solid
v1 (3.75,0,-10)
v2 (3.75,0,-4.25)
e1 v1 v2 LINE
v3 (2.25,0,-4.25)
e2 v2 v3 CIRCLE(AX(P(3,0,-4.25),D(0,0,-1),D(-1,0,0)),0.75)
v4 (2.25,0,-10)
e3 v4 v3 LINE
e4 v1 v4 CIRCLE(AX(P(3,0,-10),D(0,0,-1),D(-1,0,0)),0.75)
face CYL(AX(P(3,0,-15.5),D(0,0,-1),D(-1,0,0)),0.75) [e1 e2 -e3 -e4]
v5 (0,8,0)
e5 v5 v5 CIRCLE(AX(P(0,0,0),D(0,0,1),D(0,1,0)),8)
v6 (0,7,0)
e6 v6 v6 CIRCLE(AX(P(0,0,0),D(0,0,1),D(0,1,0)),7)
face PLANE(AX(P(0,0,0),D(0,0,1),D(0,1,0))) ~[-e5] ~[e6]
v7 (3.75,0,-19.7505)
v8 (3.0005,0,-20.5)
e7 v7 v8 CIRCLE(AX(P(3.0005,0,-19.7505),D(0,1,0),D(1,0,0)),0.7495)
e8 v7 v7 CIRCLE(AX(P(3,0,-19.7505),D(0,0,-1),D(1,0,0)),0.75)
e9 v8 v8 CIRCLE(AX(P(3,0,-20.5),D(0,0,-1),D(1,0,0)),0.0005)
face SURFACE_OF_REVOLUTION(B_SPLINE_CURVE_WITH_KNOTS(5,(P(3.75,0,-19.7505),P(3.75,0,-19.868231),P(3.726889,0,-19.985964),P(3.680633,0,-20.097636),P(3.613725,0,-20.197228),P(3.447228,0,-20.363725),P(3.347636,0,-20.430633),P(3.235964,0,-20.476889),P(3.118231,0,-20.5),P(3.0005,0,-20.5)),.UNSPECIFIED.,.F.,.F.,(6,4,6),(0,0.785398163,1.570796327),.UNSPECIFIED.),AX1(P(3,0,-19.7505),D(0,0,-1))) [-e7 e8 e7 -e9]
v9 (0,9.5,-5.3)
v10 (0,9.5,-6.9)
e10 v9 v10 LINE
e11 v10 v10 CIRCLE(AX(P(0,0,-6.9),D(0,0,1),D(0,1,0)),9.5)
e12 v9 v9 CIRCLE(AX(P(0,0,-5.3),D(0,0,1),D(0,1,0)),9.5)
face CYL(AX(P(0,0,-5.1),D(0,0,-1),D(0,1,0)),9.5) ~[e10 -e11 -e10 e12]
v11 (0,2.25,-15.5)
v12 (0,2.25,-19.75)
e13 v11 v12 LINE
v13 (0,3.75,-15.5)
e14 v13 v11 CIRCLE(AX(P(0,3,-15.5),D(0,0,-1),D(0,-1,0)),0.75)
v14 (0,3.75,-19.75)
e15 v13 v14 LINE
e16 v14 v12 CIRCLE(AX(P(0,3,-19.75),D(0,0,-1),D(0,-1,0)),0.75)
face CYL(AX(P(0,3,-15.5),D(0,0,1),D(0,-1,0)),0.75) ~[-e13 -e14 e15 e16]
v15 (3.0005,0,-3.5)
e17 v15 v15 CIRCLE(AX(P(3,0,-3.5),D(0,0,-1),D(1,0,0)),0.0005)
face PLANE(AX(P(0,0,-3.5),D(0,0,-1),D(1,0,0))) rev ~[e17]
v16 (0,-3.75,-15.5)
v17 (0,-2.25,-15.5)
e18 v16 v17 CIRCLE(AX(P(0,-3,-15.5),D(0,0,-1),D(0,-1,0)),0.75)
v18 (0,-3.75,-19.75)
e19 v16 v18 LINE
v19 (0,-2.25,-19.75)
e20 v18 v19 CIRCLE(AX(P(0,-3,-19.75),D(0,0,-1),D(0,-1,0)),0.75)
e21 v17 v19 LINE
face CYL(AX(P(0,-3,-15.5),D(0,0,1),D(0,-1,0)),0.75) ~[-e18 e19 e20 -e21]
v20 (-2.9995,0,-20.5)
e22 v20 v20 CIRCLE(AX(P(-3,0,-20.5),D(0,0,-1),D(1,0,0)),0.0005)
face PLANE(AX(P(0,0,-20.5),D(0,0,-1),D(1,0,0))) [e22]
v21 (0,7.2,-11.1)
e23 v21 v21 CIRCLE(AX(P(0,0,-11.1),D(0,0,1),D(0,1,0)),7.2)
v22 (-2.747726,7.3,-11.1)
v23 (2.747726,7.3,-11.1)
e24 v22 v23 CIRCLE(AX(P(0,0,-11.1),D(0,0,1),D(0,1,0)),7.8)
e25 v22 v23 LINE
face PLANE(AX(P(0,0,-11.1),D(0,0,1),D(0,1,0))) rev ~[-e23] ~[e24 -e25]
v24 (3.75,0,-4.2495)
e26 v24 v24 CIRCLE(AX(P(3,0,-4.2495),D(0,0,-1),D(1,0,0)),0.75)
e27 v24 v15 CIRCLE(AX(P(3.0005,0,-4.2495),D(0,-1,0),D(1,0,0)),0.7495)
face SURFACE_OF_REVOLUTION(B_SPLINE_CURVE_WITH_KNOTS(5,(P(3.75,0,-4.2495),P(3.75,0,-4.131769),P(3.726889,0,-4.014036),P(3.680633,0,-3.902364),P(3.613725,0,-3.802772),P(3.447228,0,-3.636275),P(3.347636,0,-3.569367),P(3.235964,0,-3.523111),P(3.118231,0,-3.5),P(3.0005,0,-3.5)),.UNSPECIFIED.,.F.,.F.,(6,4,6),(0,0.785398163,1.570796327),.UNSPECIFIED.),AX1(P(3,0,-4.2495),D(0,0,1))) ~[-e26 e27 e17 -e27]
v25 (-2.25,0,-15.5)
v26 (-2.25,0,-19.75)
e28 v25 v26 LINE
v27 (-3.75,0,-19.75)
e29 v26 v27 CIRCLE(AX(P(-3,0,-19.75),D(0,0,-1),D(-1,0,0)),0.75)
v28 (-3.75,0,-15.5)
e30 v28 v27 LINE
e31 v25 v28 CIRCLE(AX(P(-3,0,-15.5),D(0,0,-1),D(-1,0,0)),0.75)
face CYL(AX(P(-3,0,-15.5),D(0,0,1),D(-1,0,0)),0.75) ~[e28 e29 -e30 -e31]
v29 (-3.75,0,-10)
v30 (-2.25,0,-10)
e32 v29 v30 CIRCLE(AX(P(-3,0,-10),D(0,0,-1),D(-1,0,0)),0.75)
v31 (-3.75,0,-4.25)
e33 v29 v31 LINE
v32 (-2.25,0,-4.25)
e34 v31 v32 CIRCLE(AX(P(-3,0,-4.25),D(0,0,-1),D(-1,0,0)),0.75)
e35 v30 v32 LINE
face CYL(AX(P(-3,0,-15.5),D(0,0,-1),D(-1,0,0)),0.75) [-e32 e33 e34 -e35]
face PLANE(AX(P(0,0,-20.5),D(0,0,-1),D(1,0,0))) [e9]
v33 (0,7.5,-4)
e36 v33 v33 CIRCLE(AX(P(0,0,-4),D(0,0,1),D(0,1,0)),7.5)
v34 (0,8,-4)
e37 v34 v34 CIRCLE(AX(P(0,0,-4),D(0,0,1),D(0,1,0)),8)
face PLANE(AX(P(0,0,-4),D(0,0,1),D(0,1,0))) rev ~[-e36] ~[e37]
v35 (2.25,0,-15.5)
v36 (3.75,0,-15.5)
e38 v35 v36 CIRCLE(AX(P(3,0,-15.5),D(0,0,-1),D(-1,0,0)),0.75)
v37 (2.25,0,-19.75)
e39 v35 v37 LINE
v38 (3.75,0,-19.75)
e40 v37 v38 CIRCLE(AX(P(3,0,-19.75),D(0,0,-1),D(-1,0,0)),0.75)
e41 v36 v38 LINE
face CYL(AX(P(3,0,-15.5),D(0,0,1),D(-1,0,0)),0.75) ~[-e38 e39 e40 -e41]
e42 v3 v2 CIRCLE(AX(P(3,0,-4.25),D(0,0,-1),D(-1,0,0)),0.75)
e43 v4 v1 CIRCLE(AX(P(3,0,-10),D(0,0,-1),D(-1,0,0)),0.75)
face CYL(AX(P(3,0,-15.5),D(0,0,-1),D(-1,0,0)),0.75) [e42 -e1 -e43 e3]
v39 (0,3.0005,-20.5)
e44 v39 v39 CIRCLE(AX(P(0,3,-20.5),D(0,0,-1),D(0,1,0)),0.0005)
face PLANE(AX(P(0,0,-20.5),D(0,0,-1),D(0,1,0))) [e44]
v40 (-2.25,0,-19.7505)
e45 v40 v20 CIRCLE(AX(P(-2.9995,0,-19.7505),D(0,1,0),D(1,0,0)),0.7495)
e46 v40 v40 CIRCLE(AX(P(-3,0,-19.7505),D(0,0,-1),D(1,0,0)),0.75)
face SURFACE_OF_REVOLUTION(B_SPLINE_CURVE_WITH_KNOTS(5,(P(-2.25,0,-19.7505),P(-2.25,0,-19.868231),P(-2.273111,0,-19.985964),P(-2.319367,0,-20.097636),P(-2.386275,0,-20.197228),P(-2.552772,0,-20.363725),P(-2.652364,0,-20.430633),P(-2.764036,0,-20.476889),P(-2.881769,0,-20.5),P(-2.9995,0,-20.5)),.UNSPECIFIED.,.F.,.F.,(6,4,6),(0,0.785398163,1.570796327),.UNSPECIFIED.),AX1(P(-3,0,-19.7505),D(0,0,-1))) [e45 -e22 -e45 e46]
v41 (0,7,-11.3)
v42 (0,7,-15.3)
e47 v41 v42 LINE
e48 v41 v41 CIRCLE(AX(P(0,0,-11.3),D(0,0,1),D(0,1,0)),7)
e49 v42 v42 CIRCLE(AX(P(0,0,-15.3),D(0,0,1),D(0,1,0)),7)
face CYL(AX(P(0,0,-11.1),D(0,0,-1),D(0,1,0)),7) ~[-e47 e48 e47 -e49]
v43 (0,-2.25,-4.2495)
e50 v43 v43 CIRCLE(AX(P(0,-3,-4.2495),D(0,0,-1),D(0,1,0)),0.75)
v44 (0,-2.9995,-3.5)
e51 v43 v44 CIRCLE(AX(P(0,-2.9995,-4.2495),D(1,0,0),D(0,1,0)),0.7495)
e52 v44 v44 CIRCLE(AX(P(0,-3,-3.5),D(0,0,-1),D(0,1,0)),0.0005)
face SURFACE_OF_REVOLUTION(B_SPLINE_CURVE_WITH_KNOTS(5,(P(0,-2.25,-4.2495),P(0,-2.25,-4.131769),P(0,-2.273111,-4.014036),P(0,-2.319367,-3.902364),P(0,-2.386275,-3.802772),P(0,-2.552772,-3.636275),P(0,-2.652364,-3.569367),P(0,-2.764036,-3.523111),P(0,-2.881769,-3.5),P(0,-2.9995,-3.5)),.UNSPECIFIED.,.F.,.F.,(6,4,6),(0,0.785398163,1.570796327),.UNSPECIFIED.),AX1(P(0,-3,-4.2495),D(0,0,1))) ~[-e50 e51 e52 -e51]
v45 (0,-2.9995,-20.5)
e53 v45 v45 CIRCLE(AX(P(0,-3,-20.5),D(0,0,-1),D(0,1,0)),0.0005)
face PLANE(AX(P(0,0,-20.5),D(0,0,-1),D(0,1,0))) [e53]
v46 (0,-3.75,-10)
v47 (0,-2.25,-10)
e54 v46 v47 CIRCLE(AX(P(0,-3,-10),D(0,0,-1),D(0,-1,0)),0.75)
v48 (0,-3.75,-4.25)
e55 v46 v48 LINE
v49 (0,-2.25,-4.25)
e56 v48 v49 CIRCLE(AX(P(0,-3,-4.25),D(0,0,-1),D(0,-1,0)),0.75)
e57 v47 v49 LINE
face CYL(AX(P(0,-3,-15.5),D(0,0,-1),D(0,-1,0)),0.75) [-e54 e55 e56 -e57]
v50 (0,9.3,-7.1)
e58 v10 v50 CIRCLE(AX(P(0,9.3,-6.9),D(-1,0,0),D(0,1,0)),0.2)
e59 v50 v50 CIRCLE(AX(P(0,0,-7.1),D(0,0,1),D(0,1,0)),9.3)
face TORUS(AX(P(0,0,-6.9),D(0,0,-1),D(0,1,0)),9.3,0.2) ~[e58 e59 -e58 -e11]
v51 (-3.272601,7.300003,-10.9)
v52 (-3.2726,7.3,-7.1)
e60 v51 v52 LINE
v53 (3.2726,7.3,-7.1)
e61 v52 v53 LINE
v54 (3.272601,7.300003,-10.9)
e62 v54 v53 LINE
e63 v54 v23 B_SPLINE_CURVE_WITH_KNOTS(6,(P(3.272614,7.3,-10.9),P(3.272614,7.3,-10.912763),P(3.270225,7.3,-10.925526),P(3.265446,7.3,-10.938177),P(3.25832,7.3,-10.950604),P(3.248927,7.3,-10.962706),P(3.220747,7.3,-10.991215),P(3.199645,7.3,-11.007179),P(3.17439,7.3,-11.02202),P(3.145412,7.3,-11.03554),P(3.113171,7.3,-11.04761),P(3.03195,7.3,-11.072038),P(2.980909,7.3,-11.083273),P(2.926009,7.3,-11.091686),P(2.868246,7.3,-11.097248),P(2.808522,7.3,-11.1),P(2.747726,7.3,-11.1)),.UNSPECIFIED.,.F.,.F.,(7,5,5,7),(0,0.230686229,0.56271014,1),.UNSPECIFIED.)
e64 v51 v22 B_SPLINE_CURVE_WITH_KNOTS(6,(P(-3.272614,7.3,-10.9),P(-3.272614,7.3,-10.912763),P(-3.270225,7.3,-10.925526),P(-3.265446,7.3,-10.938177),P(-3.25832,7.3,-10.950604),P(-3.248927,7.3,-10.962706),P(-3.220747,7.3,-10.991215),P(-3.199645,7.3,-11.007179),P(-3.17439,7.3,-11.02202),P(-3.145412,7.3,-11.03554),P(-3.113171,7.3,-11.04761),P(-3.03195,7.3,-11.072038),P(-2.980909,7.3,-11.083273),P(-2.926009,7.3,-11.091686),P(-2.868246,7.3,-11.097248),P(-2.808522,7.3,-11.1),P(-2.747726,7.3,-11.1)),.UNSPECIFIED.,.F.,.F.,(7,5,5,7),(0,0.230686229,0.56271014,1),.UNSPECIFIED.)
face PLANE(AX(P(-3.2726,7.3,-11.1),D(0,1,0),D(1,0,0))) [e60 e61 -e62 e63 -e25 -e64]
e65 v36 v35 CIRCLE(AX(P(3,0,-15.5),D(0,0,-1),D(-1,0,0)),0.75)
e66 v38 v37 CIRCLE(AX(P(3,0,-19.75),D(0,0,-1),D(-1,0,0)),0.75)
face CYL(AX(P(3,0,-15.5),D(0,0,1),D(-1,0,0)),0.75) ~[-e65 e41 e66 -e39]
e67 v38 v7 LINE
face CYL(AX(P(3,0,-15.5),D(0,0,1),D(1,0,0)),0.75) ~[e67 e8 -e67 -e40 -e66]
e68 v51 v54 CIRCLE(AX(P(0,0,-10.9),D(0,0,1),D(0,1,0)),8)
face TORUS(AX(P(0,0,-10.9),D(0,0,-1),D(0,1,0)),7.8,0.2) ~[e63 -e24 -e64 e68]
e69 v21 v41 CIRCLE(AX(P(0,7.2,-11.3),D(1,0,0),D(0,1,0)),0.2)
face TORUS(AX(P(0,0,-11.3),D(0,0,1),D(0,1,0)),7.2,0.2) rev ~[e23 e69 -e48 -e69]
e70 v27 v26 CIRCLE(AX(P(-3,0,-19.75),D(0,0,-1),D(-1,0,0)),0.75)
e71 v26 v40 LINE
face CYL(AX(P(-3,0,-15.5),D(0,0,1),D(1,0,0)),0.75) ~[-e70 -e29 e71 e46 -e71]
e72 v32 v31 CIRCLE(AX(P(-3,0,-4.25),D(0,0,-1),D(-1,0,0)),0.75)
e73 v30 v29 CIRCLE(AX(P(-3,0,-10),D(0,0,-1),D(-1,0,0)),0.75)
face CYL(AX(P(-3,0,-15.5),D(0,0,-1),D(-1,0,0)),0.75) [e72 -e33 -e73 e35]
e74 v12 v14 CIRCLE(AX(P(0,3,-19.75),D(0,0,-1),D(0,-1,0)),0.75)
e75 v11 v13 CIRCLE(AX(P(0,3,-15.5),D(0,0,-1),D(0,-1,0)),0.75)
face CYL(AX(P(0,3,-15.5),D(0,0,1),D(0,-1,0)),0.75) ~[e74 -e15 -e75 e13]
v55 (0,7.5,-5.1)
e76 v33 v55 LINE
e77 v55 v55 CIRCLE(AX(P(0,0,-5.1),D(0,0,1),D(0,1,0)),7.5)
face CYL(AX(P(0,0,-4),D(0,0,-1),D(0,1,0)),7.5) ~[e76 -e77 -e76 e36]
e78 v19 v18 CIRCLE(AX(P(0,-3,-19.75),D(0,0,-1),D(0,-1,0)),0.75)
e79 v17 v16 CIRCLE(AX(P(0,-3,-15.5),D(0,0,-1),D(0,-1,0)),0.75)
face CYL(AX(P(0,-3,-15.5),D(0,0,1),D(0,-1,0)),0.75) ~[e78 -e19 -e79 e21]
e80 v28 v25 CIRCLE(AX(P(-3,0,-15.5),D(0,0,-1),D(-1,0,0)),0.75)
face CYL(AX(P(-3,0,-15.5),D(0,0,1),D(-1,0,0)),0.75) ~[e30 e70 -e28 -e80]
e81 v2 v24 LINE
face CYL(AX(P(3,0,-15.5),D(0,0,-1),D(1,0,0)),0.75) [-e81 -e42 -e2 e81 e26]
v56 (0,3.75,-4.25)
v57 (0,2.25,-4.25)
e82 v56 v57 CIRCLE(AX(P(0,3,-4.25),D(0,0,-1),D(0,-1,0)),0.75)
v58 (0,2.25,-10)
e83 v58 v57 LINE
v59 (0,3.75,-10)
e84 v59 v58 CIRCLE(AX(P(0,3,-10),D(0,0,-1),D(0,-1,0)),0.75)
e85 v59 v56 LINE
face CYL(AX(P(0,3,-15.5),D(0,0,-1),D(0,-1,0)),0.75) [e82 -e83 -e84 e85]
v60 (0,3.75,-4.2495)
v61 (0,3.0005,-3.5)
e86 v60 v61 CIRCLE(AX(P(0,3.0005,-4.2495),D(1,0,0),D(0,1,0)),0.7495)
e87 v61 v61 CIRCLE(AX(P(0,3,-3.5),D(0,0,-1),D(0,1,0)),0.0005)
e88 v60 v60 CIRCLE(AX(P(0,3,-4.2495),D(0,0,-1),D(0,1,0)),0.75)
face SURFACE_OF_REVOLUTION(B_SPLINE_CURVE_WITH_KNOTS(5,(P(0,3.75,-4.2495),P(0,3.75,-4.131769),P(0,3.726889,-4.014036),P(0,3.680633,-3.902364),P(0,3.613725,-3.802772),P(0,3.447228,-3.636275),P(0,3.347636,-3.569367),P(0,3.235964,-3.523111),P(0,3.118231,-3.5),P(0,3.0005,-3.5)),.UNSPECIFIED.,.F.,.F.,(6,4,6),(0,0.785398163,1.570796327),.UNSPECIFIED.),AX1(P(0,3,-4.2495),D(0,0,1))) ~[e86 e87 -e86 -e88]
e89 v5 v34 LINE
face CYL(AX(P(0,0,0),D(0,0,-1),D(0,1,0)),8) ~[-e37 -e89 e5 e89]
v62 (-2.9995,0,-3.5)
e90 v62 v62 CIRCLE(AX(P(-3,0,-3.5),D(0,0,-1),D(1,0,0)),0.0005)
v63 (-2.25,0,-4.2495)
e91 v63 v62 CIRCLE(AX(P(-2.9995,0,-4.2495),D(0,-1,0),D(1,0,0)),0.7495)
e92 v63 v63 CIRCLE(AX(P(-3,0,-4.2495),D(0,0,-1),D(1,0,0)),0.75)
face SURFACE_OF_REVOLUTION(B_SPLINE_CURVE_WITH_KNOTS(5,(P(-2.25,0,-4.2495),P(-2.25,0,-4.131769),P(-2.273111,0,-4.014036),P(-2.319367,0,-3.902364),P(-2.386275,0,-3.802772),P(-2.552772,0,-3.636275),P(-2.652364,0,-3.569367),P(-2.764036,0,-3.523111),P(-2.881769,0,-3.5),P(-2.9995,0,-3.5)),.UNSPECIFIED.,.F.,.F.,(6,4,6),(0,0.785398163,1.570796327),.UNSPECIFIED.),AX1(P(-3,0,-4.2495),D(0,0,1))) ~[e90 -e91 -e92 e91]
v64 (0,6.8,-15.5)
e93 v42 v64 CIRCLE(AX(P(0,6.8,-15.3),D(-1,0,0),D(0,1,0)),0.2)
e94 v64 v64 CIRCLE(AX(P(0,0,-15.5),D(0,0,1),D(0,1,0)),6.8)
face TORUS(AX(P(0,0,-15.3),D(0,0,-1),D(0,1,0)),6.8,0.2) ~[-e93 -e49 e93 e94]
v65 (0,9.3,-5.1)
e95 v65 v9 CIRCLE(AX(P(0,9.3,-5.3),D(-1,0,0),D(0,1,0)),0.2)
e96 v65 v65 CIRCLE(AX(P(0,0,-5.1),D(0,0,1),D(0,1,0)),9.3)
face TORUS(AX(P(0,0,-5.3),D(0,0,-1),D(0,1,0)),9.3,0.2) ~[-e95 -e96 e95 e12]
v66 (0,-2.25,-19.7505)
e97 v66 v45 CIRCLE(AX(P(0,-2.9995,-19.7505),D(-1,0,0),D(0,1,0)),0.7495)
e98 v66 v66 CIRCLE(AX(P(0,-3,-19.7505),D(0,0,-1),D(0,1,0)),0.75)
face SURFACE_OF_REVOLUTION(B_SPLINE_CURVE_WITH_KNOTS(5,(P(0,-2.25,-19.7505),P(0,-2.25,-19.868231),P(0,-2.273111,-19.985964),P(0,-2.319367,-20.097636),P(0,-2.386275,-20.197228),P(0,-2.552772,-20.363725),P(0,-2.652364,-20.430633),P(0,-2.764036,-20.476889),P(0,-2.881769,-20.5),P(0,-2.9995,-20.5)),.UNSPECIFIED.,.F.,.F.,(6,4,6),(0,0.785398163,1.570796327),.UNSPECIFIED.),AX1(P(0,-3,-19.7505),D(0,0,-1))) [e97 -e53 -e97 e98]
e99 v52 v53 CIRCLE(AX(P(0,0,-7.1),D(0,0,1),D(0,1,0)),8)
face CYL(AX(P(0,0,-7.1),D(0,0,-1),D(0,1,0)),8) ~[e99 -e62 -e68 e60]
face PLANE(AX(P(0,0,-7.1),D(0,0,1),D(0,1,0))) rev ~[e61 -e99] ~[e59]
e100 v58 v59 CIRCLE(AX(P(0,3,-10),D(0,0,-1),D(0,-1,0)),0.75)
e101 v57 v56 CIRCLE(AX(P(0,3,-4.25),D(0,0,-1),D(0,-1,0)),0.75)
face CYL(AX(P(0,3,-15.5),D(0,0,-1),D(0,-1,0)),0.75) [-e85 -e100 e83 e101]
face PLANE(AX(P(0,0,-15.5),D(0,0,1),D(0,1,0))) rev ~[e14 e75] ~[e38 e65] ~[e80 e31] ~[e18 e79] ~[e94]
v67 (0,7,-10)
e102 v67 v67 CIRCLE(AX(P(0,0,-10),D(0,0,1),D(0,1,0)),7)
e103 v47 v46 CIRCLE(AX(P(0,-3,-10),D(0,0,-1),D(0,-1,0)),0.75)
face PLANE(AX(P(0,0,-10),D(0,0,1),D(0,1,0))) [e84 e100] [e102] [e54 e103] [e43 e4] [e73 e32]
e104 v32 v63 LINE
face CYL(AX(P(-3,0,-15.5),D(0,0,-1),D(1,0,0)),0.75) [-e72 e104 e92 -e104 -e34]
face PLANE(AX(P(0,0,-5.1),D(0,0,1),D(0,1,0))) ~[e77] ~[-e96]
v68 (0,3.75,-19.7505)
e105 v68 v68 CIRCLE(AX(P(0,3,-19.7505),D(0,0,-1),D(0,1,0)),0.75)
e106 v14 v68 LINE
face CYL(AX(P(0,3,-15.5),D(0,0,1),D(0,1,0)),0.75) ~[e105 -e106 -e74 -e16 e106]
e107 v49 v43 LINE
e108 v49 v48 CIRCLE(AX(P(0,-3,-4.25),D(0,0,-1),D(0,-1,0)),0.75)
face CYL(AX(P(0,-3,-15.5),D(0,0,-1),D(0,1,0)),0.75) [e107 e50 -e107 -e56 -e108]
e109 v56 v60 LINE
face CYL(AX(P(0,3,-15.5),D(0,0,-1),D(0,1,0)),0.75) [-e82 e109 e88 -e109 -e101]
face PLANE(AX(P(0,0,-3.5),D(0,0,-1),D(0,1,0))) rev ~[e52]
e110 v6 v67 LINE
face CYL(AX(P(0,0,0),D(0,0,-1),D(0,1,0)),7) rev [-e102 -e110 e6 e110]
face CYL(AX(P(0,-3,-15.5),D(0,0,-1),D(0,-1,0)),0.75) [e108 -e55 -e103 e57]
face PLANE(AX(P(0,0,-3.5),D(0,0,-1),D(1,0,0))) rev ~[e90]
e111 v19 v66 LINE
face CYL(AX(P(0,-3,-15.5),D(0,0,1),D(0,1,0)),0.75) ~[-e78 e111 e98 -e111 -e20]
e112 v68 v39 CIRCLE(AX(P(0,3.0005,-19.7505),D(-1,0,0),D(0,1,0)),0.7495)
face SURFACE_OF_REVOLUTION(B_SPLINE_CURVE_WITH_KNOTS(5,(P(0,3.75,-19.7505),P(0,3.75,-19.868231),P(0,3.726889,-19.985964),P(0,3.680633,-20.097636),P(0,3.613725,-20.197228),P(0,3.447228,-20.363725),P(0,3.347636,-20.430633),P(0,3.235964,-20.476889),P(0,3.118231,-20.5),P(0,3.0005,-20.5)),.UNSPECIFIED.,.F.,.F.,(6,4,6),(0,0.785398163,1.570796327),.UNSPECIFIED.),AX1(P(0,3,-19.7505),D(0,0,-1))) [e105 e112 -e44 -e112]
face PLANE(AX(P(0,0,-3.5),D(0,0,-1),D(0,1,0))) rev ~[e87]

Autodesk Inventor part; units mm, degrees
ref_plane "YZ Plane" through (0, 0, 0) normal (1, 0, 0) x (0, 1, 0)
ref_plane "XZ Plane" through (0, 0, 0) normal (0, 1, 0) x (-1, 0, 0)
ref_plane "XY Plane" through (0, 0, 0) normal (0, 0, 1) x (1, 0, 0)
sketch "スケッチ1" plane through (0, 0, 0) normal (1, 0, 0) x (0, 1, 0)
  line L0 (0, 0) -> (8, 0)
  line L1 (8, 0) -> (8, -4)
  line L2 (8, -4) -> (7.5, -4)
  line L3 (7.5, -4) -> (7.5, -5.1)
  line L4 (7.5, -5.1) -> (9.5, -5.1)
  line L5 (9.5, -5.1) -> (9.5, -7.1)
  line L6 (9.5, -7.1) -> (8, -7.1)
  line L7 (7, -15.5) -> (0, -15.5)
  line L8 (0, -15.5) -> (0, 0)
  line L9 (7, 0) -> (7, -10)
  line L10 (7, -10) -> (0, -10)
  line L11 (8, -7.1) -> (8, -11.1)
  line L12 (8, -11.1) -> (7, -11.1)
  line L13 (7, -11.1) -> (7, -15.5)
  dimension "d0" = 8
  dimension "d1" = 9.5
  dimension "d3" = 5.1
  dimension "d4" = 2
  dimension "d5" = 15.5
  dimension "d6" = 0.5
  dimension "d7" = 4
  dimension "d8" = 7
  dimension "d9" = 10
  dimension "d13" = 4
  dimension "d14" = 8
  dimension "d15" = 1
revolve "回転1" add sketch "スケッチ1" angle 360 about axis through (0, 0, -15.5) along (0, 0, 1) contours L0 L1 L2 L3 L4 L5 L6 L11 L12 L13 L7 L8 L10 L9
thread "ねじ1" size "M16x2" class "6g" standard "ANSI Metric M Profile" length 12
thread "ねじ2" size "M16x2" class "6g" standard "ANSI Metric M Profile" length 12
fillet "フィレット1" radius 0.2 5 edges at (0, -9.5, -5.1) (0, -9.5, -7.1) (0, -7, -15.5) (0, -7, -11.1) (0, -8, -11.1)
sketch "スケッチ2" plane through (0, 0, -11.1) normal (0, 0, -1) x (-1, 0, 0)
  circle A0 centre (0, 0) radius 8 projected
  line L0 (3.2726, 7.3) -> (-3.2726, 7.3)
  dimension "d19" = 7.3
extrude "押し出し1" cut sketch "スケッチ2" against normal up to surface (4 mm away) contours L0 A0 picked at (0, 7.5333)
sketch "スケッチ3" plane through (0, 0, -15.5) normal (0, 0, -1) x (-1, 0, 0)
  circle A0 centre (-3, 0) radius 0.75
  circle A1 centre (3, 0) radius 0.75
  point P0 (0, 0)
  dimension "d22" = 1.5
  dimension "d23" = 1.5
  dimension "d24" = 3
  dimension "d25" = 3
extrude "押し出し2" add sketch "スケッチ3" along normal blind 5 and the other way blind 12
fillet "フィレット2" radius 0.75 4 edges at (-2.25, 0, -3.5) (3.75, 0, -3.5) (-2.25, 0, -20.5) (3.75, 0, -20.5)
pattern_circular "円形状パターン1" count 4 over 360 about axis through (0, 0, -10) along (0, 0, 1) of "押し出し2", "フィレット2"
properties part number "PLT-164-R-R" material "アルミニウム 6061"
